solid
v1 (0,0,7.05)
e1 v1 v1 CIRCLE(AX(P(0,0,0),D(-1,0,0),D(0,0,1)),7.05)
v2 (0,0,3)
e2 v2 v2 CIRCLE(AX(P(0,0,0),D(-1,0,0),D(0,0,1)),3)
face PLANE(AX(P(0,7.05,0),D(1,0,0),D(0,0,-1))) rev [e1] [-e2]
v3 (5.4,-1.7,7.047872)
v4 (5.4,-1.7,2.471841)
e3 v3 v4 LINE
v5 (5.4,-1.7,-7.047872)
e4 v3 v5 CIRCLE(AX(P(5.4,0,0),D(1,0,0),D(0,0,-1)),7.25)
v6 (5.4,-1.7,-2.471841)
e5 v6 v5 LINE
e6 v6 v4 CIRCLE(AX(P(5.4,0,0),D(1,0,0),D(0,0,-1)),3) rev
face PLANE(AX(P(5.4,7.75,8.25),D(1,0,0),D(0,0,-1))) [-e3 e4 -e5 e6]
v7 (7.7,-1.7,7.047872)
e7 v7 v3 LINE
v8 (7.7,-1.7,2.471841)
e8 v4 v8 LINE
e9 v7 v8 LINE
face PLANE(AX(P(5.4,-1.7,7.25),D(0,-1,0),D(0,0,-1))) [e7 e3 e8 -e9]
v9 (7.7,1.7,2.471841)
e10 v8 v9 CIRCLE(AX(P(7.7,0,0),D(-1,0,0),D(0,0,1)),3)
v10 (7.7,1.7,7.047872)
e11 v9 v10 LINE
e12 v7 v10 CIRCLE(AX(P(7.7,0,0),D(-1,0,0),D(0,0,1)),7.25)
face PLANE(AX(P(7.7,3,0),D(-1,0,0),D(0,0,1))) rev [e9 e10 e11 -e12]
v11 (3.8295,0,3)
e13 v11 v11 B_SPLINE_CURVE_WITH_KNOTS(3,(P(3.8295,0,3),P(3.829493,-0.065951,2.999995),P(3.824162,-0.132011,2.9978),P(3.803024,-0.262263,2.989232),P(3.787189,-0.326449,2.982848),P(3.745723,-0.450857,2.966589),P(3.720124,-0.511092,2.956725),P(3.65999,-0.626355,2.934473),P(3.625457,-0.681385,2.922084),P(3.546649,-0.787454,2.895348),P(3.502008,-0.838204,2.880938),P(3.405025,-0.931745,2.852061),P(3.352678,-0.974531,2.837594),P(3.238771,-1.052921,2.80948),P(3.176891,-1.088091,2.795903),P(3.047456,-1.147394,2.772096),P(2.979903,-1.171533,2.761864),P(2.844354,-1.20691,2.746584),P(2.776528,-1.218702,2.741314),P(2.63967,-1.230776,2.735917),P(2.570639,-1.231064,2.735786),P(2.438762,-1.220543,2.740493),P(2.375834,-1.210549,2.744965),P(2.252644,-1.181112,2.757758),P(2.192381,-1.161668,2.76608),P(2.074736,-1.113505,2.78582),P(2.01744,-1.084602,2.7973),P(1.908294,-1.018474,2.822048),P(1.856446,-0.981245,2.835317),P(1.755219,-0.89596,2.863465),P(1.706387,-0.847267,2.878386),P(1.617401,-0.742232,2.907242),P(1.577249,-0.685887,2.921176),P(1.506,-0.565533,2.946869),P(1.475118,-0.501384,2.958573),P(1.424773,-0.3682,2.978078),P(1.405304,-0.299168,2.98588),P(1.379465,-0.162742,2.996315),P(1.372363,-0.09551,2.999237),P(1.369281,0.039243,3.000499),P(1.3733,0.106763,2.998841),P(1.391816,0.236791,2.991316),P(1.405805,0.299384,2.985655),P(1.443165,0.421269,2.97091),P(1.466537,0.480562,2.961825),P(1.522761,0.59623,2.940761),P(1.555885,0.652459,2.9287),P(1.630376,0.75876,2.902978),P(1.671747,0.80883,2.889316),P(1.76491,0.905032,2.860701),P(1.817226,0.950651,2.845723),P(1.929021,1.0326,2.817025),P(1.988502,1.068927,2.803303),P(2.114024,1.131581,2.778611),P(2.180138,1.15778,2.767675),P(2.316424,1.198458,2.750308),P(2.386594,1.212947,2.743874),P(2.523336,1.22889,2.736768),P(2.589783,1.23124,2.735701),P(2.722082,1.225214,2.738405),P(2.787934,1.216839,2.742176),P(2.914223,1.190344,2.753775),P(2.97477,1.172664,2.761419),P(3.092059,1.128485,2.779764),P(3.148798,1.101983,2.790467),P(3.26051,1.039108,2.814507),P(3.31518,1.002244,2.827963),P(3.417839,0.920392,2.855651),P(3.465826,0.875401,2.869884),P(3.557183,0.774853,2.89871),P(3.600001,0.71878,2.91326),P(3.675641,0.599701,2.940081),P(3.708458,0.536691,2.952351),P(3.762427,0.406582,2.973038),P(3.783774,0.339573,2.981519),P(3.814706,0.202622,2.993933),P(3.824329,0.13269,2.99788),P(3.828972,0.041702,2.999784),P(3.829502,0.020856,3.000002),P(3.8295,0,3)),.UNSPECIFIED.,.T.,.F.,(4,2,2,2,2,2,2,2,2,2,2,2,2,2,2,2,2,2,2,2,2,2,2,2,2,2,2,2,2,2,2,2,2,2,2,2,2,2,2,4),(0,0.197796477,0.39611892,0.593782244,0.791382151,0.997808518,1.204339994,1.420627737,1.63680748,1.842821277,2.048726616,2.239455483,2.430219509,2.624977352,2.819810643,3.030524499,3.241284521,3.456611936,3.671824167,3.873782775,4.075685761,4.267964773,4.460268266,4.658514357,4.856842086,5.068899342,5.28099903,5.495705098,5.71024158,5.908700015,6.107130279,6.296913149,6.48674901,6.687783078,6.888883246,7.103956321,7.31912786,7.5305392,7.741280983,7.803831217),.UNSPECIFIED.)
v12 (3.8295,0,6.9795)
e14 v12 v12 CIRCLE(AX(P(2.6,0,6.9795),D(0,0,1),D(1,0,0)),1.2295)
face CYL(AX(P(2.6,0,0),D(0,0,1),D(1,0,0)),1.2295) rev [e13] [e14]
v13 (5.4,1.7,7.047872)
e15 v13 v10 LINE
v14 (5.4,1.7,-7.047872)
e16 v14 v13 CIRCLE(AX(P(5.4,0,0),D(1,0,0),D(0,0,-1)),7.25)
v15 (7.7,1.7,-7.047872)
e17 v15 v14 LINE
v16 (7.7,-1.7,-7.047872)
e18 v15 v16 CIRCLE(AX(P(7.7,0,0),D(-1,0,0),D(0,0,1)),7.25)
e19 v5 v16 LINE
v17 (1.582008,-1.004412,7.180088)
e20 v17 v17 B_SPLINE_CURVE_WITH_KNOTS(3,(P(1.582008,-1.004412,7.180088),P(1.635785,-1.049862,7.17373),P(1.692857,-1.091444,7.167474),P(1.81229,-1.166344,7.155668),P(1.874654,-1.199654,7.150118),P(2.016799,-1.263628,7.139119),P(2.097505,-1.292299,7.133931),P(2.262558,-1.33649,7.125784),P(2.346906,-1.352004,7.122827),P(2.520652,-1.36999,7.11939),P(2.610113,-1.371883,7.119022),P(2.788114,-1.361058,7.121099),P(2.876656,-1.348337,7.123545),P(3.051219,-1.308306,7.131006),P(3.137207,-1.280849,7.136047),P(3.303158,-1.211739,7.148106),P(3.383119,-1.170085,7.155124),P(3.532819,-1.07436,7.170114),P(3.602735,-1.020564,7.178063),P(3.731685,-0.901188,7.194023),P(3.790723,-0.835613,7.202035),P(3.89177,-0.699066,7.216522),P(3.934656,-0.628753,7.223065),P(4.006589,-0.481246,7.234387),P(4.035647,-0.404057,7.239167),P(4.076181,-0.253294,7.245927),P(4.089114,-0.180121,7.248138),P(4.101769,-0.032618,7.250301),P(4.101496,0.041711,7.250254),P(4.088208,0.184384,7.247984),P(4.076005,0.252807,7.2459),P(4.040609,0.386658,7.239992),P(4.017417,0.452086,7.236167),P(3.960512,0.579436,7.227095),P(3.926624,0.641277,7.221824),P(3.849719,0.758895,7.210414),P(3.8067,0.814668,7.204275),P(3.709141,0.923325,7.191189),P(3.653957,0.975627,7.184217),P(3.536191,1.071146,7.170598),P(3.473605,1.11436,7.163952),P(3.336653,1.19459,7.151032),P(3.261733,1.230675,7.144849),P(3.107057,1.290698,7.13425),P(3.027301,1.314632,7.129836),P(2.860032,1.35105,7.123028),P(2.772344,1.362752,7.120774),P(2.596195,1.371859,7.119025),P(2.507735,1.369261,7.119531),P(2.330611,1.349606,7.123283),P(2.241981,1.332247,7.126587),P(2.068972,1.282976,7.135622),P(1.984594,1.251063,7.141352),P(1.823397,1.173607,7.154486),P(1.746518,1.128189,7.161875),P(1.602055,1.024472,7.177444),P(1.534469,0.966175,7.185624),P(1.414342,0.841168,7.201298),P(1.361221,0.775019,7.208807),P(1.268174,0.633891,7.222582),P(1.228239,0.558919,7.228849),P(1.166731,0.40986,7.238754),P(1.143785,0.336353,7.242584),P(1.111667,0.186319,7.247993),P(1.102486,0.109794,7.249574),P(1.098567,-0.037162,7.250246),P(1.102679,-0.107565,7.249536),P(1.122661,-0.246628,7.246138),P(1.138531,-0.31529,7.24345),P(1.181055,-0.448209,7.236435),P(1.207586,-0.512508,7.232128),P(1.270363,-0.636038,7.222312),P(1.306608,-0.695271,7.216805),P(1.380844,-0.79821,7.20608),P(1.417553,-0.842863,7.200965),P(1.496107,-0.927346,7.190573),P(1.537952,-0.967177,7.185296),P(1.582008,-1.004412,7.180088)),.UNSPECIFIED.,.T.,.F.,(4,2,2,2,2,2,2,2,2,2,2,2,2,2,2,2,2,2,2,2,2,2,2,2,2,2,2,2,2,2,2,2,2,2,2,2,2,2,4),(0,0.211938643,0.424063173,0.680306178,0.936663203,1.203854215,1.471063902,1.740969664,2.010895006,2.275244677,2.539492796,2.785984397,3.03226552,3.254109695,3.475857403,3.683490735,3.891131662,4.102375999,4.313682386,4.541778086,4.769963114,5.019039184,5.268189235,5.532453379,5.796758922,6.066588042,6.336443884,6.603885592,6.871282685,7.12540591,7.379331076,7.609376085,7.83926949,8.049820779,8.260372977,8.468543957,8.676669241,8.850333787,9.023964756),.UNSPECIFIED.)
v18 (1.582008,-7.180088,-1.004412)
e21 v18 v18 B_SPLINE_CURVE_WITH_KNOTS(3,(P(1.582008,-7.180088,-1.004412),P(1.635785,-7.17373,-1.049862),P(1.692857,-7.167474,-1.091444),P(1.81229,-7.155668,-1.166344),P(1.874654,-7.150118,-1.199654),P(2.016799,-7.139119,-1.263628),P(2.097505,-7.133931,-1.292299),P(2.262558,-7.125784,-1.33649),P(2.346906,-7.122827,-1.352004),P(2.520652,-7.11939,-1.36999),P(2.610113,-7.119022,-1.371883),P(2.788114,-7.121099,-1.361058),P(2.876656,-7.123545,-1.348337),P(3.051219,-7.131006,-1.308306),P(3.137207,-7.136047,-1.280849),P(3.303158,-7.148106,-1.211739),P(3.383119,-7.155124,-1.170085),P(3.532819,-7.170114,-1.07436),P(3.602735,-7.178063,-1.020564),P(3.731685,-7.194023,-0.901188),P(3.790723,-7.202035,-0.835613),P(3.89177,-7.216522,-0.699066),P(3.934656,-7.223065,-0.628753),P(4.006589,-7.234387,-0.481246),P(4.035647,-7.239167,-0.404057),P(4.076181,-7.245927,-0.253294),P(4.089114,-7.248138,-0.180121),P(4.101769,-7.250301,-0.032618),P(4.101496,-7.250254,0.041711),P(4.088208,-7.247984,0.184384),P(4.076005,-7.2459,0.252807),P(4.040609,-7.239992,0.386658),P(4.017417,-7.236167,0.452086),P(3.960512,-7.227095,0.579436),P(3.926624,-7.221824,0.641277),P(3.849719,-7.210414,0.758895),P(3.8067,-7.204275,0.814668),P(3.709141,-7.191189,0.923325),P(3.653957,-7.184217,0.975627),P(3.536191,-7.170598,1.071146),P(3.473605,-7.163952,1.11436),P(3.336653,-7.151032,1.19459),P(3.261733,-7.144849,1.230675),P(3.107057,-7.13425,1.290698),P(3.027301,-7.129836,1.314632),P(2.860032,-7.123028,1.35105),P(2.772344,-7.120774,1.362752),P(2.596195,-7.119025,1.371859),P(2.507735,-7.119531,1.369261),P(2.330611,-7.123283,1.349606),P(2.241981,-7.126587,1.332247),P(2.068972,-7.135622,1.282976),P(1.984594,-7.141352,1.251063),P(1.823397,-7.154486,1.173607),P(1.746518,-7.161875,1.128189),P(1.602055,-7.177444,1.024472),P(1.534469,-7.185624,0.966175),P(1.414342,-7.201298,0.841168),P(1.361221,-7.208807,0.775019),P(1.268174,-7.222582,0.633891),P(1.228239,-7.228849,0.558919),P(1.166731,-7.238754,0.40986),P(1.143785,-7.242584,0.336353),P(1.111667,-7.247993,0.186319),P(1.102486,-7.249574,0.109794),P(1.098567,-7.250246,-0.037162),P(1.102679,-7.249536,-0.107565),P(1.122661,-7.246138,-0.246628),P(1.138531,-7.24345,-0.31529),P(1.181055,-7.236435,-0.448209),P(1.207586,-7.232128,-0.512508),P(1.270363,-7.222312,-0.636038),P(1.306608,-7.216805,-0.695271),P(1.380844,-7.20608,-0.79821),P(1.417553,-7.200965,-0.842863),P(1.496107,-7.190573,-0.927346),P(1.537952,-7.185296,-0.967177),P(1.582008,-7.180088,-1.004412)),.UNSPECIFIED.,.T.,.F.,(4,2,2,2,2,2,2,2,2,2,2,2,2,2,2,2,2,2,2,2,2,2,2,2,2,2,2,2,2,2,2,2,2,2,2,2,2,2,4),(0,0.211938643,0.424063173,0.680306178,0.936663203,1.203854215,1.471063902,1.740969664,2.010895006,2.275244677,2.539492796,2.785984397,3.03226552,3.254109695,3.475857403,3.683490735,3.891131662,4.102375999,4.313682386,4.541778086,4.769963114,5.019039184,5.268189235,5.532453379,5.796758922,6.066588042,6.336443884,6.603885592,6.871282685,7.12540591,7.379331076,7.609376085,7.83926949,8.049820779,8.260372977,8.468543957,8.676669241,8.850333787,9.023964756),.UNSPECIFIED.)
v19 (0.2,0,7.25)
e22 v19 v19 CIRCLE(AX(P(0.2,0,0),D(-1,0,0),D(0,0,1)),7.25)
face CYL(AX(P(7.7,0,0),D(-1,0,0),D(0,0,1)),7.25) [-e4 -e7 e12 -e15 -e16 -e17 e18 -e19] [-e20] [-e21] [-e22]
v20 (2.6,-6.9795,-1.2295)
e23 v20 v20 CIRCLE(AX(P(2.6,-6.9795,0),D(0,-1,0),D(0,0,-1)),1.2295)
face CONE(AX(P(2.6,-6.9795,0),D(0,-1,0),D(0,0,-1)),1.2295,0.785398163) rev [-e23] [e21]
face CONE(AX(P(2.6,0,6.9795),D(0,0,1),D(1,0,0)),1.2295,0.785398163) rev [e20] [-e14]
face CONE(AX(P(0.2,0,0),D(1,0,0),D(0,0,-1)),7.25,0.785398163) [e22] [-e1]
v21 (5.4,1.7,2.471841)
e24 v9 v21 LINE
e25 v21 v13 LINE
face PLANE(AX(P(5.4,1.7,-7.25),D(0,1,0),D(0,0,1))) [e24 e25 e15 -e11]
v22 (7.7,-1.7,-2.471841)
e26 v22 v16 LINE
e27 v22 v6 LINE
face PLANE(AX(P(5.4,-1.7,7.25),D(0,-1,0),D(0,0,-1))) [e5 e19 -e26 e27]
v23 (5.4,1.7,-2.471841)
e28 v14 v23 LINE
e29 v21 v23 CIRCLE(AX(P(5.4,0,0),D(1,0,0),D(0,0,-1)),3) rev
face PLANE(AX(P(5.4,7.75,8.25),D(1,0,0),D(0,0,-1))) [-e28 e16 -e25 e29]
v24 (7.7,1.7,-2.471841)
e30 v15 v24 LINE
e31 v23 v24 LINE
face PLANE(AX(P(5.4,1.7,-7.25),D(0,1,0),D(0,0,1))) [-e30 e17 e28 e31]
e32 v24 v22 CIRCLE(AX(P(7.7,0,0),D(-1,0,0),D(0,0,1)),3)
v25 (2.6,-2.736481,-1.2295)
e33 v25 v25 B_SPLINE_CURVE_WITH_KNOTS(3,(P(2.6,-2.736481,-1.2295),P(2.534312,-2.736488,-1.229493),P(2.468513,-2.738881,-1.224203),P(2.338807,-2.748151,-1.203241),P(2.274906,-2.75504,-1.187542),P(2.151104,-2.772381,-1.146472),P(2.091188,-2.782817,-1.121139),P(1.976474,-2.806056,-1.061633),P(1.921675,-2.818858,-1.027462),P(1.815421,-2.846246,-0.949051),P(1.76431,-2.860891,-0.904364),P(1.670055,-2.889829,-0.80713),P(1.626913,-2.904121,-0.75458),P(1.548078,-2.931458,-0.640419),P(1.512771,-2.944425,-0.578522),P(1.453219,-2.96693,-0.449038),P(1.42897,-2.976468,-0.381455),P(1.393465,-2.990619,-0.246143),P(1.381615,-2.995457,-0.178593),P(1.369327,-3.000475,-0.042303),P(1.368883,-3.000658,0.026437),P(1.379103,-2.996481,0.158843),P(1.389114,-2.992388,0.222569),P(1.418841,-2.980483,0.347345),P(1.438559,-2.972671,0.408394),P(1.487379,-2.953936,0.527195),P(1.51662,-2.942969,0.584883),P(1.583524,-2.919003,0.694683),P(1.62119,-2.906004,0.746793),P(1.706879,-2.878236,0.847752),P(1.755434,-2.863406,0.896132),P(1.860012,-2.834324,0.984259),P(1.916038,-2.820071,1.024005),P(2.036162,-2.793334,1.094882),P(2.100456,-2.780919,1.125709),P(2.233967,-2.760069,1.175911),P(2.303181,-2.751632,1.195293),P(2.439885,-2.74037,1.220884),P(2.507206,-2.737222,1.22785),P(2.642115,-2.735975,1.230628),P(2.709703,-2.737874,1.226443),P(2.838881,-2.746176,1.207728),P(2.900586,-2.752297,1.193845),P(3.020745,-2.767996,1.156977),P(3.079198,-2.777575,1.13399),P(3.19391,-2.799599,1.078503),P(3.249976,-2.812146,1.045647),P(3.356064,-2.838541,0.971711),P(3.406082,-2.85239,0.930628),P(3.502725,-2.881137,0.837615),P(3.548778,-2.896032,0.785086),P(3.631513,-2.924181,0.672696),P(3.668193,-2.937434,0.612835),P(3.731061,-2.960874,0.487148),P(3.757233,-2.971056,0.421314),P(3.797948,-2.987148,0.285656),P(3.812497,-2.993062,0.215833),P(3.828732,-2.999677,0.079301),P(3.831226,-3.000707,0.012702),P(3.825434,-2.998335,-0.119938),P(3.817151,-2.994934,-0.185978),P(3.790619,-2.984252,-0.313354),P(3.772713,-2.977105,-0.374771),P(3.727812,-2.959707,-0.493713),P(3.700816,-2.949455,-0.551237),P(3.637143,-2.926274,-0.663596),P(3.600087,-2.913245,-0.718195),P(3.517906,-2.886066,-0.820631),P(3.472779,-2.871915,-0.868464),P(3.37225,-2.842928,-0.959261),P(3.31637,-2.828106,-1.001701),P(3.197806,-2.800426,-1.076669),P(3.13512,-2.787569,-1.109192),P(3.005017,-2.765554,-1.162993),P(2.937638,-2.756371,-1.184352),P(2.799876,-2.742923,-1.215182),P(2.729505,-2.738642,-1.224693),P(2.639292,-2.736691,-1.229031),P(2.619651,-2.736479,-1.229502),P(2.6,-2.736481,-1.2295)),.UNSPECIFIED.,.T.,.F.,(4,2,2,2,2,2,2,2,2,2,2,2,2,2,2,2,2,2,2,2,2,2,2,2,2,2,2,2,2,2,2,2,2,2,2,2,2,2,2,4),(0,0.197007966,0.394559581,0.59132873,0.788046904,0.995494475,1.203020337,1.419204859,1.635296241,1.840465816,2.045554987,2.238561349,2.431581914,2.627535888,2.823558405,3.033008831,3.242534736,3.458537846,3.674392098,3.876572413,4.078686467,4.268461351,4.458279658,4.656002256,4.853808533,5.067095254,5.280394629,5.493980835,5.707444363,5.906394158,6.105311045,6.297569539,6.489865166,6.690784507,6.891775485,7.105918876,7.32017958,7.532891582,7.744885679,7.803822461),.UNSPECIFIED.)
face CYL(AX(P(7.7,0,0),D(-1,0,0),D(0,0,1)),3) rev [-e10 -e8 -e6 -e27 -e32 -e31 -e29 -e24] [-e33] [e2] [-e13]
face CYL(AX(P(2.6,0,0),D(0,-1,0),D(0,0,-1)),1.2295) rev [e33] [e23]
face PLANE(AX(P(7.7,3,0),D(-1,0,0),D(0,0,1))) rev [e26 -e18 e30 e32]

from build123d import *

# Parameters (mm, degrees)
SKETCH2_W          = 16.5
SKETCH2_H          = 15.5
SKETCH2_W_2        = 14.5
SKETCH2_H_2        = 3.4
CUT_EXTRUDE1_DEPTH = 2.3


with BuildPart() as part:
    # Sketch1 → Revolve1 (revolve)
    with BuildSketch(Plane.XY):
        Polygon((0, 7.05), (0, 3), (7.7, 3), (7.7, 7.25), (0.2, 7.25), align=None)
    revolve(axis=Axis((7.7, 0, 0), (-1, 0, 0)))

    # Sketch2 → Cut-Extrude1 (cut)
    with BuildSketch(Plane(origin=(7.7, 0, 0), x_dir=(0, 0, -1), z_dir=(1, 0, 0))):
        Rectangle(SKETCH2_W, SKETCH2_H)
        Rectangle(SKETCH2_W_2, SKETCH2_H_2, mode=Mode.SUBTRACT)
    extrude(amount=-CUT_EXTRUDE1_DEPTH, mode=Mode.SUBTRACT)

    # Sketch3 → Cut-Revolve1 (revolve, cut)
    with BuildSketch(Plane(origin=(2.6, 0, 0), x_dir=(0, 0, -1), z_dir=(1, 0, 0))):
        Polygon((-7.25, 0), (-7.25, 1.5), (-6.9795, 1.2295), (0, 1.2295), (0, 0), align=None)
    revolve(axis=Axis((2.6, 0, 0), (0, 0, 1)), mode=Mode.SUBTRACT)

    # Sketch4 → Cut-Revolve2 (revolve, cut)
    with BuildSketch(Plane(origin=(2.6, 0, 0), x_dir=(0, 0, -1), z_dir=(1, 0, 0))):
        Polygon((0, -7.25), (-1.5, -7.25), (-1.2295, -6.9795), (-1.2295, 0), (0, 0), align=None)
    revolve(axis=Axis((2.6, 0, 0), (0, -1, 0)), mode=Mode.SUBTRACT)


solid = part.part
